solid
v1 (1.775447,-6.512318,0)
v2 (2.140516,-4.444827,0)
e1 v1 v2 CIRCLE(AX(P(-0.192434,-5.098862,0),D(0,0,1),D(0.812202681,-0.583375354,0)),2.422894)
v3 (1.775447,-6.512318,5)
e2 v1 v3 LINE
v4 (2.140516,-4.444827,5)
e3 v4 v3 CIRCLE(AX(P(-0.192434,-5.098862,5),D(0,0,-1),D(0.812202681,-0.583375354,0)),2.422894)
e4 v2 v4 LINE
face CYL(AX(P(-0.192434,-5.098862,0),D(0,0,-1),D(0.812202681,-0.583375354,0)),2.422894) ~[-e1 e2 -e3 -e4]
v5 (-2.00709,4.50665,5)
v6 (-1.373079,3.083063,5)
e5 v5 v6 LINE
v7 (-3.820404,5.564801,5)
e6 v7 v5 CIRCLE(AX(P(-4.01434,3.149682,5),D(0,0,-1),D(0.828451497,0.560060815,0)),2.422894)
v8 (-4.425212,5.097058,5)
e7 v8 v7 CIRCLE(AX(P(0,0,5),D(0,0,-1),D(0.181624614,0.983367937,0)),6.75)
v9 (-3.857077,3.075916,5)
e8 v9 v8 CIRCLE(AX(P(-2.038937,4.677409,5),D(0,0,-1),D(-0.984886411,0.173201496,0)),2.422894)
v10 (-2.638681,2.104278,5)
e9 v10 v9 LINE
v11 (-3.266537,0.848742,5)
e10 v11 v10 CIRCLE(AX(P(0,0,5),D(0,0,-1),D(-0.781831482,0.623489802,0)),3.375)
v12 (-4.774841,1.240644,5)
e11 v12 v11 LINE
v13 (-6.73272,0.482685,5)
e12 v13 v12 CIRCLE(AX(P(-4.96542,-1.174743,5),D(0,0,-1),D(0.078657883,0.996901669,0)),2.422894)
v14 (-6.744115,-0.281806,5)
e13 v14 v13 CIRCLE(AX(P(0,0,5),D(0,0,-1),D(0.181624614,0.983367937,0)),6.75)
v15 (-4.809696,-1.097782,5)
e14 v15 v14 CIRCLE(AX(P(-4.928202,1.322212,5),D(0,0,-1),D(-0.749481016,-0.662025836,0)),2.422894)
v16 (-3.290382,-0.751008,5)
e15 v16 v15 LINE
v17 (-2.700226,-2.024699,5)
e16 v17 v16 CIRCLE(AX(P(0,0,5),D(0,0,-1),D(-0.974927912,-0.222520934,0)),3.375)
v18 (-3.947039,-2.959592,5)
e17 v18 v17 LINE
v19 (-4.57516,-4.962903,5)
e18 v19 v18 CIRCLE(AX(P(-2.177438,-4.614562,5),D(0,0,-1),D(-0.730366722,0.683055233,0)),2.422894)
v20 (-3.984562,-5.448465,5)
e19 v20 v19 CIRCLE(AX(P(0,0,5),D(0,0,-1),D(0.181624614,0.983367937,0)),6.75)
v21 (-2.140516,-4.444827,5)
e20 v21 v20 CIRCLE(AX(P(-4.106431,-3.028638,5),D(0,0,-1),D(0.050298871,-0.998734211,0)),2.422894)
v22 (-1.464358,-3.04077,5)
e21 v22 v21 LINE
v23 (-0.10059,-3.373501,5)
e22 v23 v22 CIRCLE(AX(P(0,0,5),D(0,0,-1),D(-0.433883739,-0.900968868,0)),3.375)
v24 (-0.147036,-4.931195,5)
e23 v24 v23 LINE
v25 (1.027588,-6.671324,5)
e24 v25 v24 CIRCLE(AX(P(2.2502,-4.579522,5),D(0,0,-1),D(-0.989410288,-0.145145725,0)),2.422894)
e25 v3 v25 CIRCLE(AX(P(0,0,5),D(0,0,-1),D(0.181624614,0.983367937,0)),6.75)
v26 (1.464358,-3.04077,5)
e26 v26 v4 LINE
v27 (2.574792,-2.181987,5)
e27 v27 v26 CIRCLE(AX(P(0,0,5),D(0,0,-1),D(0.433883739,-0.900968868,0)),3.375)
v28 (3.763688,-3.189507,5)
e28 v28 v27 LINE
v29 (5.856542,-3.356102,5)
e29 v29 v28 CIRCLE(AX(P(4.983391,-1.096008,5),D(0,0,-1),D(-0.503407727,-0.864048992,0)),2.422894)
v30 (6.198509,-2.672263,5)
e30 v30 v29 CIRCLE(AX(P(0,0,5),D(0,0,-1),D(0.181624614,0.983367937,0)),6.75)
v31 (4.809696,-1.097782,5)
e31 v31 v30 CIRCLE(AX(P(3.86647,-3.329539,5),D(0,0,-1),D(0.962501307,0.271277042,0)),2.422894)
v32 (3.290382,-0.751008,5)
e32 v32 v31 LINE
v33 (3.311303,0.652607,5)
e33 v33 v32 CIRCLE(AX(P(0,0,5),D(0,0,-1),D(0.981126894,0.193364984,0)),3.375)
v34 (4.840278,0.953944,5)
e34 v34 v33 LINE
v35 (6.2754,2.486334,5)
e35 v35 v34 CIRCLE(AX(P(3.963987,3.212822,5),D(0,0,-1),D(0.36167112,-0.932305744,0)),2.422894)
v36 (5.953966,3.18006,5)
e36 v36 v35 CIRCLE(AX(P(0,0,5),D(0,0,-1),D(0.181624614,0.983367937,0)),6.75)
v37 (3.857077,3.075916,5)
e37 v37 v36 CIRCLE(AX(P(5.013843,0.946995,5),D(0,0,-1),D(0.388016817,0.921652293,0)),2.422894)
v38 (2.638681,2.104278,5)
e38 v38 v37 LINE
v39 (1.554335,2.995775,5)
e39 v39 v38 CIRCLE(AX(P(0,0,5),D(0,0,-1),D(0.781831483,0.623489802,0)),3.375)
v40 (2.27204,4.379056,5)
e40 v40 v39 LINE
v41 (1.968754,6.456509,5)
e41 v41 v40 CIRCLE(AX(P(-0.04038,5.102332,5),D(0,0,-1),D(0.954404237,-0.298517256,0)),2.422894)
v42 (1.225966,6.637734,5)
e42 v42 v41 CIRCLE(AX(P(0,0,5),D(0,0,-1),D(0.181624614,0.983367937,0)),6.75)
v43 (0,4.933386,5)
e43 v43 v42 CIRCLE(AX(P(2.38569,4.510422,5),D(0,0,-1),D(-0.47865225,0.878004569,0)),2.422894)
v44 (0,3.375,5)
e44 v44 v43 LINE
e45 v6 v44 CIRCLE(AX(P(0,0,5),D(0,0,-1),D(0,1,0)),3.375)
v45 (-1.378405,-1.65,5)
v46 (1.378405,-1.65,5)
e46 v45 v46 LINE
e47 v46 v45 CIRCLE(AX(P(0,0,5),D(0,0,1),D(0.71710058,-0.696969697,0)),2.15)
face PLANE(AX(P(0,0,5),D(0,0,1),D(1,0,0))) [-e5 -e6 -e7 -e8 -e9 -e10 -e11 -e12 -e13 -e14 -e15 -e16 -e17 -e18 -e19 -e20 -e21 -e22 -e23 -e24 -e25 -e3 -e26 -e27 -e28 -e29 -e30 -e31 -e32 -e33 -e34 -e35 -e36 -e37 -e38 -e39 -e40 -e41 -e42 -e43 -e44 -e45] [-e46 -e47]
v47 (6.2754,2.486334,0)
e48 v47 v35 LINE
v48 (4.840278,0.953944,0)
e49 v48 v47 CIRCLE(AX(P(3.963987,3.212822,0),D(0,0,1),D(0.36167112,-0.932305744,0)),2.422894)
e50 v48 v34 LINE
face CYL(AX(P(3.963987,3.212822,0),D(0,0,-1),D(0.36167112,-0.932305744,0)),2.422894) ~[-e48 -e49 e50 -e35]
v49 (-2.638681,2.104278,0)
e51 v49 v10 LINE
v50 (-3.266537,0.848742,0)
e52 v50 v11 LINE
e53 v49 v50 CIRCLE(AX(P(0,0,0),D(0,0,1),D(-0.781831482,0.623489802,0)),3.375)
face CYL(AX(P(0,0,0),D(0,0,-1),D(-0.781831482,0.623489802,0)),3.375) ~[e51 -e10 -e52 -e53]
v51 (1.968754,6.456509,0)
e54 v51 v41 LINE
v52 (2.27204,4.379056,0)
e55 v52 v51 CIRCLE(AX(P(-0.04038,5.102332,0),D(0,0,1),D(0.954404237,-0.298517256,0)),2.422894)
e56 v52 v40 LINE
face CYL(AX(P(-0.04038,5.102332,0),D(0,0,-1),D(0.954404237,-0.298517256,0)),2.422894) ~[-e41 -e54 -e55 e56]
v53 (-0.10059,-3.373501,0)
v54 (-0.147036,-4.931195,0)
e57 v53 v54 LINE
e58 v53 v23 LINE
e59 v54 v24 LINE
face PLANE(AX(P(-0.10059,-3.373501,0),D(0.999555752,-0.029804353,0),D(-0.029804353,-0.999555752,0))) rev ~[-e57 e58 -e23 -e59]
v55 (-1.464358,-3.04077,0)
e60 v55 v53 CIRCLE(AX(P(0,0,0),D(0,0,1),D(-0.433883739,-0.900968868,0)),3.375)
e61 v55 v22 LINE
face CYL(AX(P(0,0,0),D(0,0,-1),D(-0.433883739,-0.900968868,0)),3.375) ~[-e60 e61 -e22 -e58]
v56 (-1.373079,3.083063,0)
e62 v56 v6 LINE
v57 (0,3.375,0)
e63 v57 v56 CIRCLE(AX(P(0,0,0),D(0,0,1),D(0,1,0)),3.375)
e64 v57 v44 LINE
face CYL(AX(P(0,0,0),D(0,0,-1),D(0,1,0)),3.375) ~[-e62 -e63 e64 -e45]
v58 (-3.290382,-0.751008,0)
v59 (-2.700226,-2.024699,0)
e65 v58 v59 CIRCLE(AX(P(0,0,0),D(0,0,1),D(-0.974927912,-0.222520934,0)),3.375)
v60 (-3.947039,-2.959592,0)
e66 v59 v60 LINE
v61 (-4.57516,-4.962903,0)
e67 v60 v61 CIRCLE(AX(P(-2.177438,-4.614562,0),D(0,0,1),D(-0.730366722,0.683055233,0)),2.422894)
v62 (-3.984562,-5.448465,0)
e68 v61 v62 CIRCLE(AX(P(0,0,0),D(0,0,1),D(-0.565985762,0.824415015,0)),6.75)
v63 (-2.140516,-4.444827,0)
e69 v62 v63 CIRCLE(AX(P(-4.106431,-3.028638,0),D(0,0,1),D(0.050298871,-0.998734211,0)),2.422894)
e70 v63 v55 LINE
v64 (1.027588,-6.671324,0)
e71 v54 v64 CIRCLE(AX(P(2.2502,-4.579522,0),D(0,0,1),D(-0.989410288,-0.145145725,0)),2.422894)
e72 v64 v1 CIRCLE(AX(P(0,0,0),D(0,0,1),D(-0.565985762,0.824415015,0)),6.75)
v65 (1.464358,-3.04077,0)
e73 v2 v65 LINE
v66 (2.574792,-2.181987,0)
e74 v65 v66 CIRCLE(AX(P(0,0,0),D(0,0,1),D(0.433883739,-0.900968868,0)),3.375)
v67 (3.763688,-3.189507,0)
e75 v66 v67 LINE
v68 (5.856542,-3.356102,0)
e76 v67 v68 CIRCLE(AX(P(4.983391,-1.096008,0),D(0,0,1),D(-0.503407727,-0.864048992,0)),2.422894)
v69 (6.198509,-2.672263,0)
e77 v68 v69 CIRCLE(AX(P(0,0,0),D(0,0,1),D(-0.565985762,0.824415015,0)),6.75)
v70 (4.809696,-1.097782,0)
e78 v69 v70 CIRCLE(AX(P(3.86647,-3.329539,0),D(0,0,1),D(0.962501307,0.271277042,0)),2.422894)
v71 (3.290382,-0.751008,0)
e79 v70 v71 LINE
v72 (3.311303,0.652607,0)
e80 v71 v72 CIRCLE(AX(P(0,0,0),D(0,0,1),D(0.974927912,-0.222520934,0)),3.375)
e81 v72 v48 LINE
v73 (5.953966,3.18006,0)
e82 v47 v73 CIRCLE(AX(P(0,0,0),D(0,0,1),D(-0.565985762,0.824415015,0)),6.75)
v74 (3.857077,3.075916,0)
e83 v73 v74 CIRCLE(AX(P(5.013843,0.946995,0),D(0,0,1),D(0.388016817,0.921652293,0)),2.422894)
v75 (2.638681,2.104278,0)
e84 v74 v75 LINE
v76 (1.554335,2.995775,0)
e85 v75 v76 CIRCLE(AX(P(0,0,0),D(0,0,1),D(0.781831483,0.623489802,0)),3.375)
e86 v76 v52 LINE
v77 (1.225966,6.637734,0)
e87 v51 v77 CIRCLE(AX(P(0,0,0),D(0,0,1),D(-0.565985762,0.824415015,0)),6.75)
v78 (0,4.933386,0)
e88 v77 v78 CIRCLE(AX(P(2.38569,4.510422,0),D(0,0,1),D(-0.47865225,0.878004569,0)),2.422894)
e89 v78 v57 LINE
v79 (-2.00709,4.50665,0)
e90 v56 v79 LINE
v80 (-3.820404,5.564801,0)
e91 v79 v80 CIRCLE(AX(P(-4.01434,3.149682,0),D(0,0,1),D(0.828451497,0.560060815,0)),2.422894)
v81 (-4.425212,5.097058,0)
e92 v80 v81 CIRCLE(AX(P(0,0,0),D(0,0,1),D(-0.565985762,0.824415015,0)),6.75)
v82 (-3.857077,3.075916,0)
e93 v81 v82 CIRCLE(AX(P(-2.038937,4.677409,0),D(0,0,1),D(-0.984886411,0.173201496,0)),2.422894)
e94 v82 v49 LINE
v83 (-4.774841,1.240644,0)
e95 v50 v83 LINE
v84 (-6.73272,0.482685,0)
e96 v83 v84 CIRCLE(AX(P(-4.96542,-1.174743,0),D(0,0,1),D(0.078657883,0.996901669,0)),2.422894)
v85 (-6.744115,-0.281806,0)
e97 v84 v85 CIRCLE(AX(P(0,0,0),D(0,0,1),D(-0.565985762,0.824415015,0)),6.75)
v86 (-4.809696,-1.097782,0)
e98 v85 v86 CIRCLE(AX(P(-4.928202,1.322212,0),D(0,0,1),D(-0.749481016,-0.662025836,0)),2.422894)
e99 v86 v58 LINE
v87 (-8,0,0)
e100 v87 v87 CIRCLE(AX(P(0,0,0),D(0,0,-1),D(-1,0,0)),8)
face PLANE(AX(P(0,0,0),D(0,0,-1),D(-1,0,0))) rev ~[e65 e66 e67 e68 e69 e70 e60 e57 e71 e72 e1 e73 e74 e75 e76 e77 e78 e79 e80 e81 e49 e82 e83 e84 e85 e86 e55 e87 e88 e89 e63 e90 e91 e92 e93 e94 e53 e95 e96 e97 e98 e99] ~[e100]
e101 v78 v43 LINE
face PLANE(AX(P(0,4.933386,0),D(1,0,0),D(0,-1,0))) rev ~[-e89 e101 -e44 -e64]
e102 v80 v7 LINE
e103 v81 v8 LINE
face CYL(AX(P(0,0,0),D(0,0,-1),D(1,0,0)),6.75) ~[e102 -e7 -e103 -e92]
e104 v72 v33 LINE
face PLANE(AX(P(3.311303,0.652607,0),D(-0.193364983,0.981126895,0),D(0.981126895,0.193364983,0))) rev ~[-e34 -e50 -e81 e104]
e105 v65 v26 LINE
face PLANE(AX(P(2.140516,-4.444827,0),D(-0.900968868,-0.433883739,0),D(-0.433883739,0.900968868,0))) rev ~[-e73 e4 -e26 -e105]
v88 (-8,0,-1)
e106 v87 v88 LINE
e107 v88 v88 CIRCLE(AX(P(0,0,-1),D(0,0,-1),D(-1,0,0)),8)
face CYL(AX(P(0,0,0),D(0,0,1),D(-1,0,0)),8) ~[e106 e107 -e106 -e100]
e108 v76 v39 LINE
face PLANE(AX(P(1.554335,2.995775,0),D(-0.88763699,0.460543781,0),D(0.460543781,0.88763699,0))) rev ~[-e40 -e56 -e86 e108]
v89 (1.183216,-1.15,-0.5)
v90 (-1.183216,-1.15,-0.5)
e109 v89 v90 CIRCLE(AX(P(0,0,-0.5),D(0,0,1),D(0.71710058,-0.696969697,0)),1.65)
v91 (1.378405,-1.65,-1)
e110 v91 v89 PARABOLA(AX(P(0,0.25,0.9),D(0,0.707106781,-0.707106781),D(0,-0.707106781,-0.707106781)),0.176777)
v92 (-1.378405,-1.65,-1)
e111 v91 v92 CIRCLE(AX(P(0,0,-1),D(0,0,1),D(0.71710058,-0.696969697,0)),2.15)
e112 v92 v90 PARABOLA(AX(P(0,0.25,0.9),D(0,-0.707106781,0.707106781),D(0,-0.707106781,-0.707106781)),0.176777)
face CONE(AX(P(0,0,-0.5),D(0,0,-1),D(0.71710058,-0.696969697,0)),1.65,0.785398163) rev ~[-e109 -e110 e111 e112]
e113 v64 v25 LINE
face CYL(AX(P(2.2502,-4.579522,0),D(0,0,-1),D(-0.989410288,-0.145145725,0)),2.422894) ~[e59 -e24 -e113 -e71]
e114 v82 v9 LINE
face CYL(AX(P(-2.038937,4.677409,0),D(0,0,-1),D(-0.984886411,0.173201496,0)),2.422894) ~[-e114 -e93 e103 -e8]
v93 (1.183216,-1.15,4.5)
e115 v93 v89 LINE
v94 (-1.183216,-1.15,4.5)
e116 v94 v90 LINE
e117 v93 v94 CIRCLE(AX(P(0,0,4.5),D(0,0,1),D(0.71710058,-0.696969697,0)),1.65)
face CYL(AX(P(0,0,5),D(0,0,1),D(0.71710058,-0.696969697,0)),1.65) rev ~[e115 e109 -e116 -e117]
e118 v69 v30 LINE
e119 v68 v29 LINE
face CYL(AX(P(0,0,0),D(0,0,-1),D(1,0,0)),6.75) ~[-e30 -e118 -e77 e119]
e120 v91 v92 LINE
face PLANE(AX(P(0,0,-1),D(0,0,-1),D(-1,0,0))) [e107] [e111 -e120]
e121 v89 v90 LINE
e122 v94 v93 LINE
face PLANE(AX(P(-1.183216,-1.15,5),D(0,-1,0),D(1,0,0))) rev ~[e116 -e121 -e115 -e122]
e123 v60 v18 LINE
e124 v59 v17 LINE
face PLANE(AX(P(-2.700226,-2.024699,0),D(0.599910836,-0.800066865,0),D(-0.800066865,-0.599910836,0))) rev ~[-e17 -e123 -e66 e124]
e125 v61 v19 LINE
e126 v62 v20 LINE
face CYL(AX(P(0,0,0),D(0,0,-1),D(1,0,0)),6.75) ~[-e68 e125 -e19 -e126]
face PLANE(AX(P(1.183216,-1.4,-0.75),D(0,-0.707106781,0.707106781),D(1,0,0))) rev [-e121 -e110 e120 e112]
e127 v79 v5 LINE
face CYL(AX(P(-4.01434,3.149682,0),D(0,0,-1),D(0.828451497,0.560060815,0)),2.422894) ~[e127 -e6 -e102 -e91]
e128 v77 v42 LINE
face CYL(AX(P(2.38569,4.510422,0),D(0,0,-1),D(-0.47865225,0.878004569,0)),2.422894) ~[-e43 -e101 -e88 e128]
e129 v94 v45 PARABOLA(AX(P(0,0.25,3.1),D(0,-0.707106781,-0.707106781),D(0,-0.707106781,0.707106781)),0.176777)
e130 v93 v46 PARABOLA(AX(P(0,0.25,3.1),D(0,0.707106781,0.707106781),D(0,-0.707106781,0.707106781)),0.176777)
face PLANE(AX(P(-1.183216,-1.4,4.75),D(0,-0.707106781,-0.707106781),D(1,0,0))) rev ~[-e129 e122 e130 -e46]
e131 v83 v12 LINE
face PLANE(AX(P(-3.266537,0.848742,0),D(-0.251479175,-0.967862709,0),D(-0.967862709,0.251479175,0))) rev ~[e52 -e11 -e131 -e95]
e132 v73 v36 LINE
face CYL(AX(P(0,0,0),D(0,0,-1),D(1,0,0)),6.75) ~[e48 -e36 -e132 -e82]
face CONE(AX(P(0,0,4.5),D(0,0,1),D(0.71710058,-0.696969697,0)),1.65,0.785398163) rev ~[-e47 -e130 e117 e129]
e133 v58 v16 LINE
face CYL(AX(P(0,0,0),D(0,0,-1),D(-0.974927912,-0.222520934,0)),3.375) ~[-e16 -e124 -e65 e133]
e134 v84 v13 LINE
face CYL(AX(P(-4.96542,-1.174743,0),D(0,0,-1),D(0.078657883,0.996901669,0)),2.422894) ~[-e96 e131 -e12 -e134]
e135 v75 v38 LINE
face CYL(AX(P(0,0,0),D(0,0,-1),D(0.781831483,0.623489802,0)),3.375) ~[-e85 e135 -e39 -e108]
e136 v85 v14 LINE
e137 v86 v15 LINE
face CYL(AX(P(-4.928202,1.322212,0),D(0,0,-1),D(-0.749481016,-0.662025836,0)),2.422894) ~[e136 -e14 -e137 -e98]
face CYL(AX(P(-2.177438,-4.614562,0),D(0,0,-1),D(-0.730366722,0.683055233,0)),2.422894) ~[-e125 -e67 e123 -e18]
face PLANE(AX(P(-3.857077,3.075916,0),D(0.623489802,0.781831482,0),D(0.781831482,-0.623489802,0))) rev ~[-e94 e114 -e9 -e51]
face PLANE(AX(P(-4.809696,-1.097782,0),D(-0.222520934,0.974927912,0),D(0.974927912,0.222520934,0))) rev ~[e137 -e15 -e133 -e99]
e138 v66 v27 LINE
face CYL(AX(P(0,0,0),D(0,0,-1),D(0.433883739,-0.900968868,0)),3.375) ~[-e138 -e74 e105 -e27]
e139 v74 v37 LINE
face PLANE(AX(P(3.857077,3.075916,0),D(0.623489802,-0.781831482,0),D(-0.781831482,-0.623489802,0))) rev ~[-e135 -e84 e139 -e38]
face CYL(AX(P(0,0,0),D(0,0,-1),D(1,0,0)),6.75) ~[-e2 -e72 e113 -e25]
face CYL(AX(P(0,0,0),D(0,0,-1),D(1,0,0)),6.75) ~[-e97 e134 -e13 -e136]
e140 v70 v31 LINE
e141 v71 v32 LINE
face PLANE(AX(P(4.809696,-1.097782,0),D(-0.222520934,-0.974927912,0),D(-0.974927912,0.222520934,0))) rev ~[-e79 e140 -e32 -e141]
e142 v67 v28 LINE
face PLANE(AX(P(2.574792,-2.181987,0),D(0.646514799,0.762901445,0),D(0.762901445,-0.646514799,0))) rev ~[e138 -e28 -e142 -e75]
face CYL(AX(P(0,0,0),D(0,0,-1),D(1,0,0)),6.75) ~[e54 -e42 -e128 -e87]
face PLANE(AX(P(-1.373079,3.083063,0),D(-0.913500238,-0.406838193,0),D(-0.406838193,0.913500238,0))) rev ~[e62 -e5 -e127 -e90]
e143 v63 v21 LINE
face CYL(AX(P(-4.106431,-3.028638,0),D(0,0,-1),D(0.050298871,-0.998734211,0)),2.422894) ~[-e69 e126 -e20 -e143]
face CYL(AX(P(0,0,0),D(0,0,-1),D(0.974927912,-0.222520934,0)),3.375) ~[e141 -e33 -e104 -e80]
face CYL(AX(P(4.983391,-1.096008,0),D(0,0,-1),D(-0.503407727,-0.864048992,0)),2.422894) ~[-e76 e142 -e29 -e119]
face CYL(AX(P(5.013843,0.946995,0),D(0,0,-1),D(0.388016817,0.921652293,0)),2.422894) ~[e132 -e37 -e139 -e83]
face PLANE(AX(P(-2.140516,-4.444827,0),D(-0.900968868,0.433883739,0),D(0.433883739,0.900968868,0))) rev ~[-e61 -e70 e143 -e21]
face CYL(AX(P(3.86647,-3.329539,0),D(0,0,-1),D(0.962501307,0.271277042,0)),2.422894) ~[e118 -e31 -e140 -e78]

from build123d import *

# Parameters (mm, degrees)
SKETCH2_R                   = 6.75
GEAR_OUTSIDE_DIAMETER_DEPTH = 5
GEAR_TOOTH_CUT_DEPTH        = 6
GEAR_TEETH_COUNT            = 7
SKETCH3_R                   = 3.375
GEAR_DEDENDUM_CIRCLE_DEPTH  = 5
SKETCH5_R                   = 8
BOSS_EXTRUDE1_DEPTH         = 1
CUT_EXTRUDE1_DEPTH          = 7
CHAMFER2_SIZE               = 0.5


with BuildPart() as part:
    # Sketch2 → gear outside diameter (new body)
    with BuildSketch(Plane.XY):
        Circle(SKETCH2_R)
    extrude(amount=GEAR_OUTSIDE_DIAMETER_DEPTH)

    # Sketch1 → gear tooth cut (cut, through all)
    with BuildSketch(Plane.XY):
        with BuildLine():
            Line((0, 4.933386259), (0, 3.375))
            ThreePointArc((0, 3.375), (-0.701885443, 3.301209146), (-1.373078899, 3.083063304))
            Line((-1.373078899, 3.083063304), (-2.007089948, 4.506649523))
            ThreePointArc((-2.007089948, 4.506649523), (-2.793182164, 5.242332608), (-3.820403893, 5.564801352))
            ThreePointArc((-3.820403893, 5.564801352), (-1.403770885, 6.602418292), (1.225966143, 6.637733575))
            ThreePointArc((1.225966143, 6.637733575), (0.41879145, 5.925245269), (0, 4.933386259))
        make_face()
    gear_tooth_cut = extrude(amount=GEAR_TOOTH_CUT_DEPTH, mode=Mode.SUBTRACT)

    # gear teeth: gear tooth cut ×7 about axis
    gear_teeth_axis = Axis((0, 0, 0), (0, 0, 1))
    for i in range(1, GEAR_TEETH_COUNT):
        add(gear_tooth_cut.rotate(gear_teeth_axis, i * 360 / GEAR_TEETH_COUNT), mode=Mode.SUBTRACT)

    # Sketch3 → gear dedendum circle (add)
    with BuildSketch(Plane.XY):
        Circle(SKETCH3_R)
    extrude(amount=GEAR_DEDENDUM_CIRCLE_DEPTH)

    # Sketch5 → Boss-Extrude1 (add)
    with BuildSketch(Plane(origin=(0, 0, 0), x_dir=(-1, 0, 0), z_dir=(0, 0, -1))):
        Circle(SKETCH5_R)
    extrude(amount=BOSS_EXTRUDE1_DEPTH)

    # Sketch4 → Cut-Extrude1 (cut, through all)
    with BuildSketch(Plane.XY.offset(5)):
        with BuildLine():
            Line((-1.183215957, -1.15), (1.183215957, -1.15))
            ThreePointArc((1.183215957, -1.15), (0, 1.65), (-1.183215957, -1.15))
        make_face()
    extrude(amount=-CUT_EXTRUDE1_DEPTH, mode=Mode.SUBTRACT)

    # Chamfer2
    chamfer2_edges = [part.edges().sort_by_distance(p)[0] for p in [
        (0, 1.65, -1),
        (0, -1.15, -1),
        (0, 1.65, 5),
        (0, -1.15, 5),
    ]]
    chamfer(chamfer2_edges, length=CHAMFER2_SIZE)


solid = part.part
